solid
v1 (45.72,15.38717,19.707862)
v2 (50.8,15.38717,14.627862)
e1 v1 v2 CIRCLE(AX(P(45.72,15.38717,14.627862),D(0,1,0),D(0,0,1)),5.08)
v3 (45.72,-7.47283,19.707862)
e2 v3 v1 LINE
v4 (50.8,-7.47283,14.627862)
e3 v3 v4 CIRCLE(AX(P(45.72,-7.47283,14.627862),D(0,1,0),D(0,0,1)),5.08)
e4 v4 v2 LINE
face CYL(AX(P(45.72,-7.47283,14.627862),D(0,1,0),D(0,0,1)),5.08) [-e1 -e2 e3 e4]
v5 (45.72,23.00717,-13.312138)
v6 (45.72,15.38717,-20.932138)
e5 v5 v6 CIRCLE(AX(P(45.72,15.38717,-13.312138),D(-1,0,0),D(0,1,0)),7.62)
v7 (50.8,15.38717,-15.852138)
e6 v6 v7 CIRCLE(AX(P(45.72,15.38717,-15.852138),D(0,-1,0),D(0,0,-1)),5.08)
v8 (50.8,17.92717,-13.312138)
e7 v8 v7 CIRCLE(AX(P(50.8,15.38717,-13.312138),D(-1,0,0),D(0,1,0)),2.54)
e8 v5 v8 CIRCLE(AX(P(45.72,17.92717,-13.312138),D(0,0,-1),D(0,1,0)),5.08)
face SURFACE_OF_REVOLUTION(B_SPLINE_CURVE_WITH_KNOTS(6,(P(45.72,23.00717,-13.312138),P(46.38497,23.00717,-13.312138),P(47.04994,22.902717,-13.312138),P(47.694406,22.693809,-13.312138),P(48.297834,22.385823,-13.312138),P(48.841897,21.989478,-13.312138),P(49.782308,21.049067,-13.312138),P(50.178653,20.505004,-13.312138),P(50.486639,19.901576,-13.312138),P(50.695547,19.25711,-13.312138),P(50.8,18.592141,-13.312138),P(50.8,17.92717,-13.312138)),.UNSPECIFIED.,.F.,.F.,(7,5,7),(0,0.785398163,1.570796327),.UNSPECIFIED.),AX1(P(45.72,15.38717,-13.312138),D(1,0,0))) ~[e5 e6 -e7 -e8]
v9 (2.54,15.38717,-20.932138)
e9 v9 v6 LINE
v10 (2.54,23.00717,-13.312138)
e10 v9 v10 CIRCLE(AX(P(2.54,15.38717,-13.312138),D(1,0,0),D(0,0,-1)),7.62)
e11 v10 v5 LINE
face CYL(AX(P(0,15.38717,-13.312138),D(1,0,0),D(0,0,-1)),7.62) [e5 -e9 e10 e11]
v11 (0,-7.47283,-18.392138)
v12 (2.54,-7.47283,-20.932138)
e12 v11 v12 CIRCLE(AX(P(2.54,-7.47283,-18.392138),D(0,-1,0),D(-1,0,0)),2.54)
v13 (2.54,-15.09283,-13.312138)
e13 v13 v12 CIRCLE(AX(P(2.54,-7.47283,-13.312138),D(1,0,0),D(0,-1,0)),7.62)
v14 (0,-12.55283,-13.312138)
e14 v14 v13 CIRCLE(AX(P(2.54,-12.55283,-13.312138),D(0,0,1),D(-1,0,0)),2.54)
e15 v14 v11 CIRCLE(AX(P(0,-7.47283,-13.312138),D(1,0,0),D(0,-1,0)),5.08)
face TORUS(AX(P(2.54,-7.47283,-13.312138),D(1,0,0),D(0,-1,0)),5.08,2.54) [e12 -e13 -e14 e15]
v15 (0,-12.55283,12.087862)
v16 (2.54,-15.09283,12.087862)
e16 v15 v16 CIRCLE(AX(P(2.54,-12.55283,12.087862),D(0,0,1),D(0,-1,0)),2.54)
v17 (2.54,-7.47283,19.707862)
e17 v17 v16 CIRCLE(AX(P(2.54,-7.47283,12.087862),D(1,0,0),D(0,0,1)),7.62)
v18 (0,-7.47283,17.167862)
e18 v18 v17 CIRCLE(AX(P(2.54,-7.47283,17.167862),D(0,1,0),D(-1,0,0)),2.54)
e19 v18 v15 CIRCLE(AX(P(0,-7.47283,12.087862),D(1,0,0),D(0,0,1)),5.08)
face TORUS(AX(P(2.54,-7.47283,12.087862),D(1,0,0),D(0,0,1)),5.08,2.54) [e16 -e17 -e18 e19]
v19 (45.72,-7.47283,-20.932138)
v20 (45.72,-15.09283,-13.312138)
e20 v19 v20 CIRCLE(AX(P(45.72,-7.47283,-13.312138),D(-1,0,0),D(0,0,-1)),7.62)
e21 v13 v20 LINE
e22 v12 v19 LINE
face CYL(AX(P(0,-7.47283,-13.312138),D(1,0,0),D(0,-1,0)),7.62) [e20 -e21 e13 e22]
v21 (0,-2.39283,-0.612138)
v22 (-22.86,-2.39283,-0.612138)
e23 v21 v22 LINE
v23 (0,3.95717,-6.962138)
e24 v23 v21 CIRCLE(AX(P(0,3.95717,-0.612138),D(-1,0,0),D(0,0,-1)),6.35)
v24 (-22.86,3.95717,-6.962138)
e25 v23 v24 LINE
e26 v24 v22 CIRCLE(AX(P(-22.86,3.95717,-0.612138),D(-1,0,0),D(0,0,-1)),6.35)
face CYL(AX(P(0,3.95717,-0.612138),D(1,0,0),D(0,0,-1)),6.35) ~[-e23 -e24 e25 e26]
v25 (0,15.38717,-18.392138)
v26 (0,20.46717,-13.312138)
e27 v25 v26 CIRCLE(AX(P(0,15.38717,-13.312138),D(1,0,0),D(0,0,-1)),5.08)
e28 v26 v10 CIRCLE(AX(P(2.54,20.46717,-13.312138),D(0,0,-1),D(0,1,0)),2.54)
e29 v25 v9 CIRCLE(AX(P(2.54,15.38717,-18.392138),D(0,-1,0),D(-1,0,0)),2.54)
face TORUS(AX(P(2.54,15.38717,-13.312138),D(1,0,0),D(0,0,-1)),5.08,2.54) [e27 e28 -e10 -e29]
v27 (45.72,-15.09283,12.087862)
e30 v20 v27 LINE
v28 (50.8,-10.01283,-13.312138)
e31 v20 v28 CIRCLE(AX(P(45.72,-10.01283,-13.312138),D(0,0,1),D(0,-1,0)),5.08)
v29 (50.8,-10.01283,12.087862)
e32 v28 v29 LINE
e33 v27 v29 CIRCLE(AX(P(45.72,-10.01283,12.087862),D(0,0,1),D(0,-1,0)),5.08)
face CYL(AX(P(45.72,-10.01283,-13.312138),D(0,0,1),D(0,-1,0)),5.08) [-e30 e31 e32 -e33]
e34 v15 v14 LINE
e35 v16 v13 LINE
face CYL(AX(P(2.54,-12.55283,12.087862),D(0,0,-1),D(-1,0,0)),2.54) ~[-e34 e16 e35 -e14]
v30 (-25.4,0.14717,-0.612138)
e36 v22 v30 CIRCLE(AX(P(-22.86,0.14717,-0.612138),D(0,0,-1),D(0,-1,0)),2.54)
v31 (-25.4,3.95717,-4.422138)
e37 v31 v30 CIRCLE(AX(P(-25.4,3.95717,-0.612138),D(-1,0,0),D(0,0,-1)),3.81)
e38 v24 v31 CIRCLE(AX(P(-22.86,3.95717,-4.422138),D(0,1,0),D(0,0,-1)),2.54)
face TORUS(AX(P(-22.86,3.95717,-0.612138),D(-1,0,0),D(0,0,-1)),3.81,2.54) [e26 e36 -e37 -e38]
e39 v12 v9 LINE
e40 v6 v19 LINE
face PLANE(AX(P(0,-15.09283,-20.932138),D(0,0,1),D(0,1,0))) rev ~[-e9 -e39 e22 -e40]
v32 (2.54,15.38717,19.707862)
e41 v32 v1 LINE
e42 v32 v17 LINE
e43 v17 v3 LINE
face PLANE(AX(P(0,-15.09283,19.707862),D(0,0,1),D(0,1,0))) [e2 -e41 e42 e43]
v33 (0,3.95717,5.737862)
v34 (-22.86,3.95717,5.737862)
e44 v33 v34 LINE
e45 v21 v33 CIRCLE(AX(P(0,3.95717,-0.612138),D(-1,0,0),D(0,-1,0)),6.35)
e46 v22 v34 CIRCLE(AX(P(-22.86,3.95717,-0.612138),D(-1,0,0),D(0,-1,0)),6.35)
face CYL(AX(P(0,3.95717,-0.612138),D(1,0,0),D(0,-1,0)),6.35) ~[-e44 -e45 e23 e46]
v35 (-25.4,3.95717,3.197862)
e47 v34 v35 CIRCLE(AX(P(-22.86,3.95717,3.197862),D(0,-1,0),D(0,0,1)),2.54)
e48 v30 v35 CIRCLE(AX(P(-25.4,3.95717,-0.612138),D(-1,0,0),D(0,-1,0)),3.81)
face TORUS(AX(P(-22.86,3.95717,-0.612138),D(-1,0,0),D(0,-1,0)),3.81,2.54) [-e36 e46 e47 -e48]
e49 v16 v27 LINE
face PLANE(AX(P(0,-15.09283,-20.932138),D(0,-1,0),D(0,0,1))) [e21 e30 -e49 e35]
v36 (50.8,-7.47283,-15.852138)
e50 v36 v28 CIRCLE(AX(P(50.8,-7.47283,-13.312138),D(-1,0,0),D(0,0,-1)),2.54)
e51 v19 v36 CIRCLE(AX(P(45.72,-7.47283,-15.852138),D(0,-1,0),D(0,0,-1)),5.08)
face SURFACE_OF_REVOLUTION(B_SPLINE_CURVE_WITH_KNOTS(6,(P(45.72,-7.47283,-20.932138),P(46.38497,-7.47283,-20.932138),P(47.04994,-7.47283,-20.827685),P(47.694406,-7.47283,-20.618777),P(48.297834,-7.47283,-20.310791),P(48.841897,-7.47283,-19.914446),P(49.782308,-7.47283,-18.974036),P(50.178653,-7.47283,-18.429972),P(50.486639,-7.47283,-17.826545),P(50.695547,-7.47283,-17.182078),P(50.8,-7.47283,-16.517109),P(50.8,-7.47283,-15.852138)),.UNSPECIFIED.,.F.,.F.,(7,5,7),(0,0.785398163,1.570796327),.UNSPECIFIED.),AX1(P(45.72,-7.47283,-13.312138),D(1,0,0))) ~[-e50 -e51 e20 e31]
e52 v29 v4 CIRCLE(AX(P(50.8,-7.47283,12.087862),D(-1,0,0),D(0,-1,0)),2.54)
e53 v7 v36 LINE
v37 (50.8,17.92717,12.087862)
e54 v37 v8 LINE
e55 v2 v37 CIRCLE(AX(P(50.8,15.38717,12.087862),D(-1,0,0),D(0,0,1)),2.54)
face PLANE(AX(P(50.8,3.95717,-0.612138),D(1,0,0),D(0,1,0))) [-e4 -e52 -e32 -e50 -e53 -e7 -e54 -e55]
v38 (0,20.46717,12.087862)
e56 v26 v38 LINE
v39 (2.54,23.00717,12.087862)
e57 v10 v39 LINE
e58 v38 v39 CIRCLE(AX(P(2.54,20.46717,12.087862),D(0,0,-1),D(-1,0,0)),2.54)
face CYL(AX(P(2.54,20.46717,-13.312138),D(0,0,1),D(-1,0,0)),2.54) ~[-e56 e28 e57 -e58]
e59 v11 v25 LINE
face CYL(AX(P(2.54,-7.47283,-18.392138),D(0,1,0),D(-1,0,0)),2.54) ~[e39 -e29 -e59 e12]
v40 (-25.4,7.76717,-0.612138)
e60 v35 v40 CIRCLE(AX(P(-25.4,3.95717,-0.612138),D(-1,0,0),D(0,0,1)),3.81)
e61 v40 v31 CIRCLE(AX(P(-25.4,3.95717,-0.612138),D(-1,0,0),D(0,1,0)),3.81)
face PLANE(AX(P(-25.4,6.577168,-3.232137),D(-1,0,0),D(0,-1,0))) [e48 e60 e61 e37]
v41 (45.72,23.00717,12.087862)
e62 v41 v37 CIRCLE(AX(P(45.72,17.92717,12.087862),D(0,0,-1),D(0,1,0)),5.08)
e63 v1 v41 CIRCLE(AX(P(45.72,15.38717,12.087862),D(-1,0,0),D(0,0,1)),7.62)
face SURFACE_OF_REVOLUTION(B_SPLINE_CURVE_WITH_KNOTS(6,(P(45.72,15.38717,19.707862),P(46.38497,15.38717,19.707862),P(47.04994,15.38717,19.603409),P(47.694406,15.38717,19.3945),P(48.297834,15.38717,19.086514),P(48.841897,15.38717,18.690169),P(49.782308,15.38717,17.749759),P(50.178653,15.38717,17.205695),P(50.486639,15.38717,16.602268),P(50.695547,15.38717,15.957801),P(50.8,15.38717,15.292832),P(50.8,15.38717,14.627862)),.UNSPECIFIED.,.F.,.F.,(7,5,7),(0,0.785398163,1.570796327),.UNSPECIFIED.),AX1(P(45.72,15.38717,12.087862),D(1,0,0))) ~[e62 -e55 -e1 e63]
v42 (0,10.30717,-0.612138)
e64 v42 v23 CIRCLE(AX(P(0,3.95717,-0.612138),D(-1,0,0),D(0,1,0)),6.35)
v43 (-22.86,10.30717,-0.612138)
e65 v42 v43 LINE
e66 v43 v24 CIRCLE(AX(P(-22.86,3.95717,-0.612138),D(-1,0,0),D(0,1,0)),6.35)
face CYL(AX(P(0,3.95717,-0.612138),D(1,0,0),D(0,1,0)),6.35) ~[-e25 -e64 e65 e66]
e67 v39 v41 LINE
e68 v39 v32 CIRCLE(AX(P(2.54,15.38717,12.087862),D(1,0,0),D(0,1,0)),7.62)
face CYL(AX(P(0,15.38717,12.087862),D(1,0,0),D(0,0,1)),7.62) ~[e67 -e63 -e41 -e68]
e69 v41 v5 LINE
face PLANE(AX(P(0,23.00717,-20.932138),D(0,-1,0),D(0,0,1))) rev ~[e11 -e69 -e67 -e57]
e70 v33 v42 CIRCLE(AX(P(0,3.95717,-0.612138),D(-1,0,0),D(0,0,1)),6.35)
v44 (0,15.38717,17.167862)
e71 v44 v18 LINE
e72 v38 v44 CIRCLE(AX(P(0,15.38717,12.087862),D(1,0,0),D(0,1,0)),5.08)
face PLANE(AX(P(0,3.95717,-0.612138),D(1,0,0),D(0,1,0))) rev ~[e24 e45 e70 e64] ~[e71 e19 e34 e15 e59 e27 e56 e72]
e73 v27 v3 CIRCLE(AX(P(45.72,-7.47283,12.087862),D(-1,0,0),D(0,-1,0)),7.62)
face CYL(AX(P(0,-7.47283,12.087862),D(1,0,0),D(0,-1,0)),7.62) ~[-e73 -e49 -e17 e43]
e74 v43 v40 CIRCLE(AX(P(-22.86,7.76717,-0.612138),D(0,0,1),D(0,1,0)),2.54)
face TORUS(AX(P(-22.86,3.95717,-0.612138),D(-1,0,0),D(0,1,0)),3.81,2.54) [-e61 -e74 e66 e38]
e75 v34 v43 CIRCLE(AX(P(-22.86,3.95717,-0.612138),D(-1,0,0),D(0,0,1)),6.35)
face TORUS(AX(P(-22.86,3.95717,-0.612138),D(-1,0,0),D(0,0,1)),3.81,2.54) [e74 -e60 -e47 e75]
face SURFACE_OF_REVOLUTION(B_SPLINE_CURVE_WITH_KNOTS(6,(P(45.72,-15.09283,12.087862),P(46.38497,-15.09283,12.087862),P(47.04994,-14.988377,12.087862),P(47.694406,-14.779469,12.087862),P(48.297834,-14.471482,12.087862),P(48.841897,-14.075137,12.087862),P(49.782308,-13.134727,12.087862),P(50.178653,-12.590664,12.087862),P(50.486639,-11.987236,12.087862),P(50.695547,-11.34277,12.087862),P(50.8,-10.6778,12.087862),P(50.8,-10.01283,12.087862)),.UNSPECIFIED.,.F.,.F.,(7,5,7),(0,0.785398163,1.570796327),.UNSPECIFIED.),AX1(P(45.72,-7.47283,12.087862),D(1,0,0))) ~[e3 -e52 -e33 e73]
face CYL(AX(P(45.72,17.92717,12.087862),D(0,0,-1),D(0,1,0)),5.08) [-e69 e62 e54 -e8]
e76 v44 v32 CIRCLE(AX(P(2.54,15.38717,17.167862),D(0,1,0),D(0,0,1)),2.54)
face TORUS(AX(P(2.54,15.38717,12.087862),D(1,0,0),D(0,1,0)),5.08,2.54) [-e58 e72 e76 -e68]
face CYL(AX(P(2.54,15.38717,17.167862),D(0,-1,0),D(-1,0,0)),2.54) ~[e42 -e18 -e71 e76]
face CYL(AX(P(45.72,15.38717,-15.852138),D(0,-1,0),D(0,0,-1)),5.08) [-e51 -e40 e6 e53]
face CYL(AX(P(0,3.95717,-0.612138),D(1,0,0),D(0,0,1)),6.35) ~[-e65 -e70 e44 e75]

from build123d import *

# Parameters (mm, degrees)
F0_W     = 38.1
F0_H     = 40.64
F1_DEPTH = 50.8
F3_DEPTH = 25.4
F4_R     = 7.62
F5_R     = 2.54
F6_R     = 2.54
F7_R     = 5.08


with BuildPart() as f1:
    # F0 (on Right) → F1 (new body)
    with BuildSketch(Plane.YZ):
        with Locations((3.9571700618, -0.6121383074)):
            Rectangle(F0_W, F0_H)
    extrude(amount=F1_DEPTH)

    # F2 (on face) → F3 (join)
    with BuildSketch(Plane(origin=(0, 0, 0), x_dir=(0, -1, 0), z_dir=(-1, 0, 0))):
        with BuildLine():
            Line((-3.9571700618, -6.9621383074), (-3.9571700618, -0.6121383074))
            Line((-3.9571700618, -0.6121383074), (-10.3071700618, -0.6121383074))
            ThreePointArc((-10.3071700618, -0.6121383074), (-8.4472981223, -5.1022663679), (-3.9571700618, -6.9621383074))
        make_face()
        with BuildLine():
            ThreePointArc((-3.9571700618, -6.9621383074), (0.5329579988, -5.1022663679), (2.3928299382, -0.6121383074))
            Line((2.3928299382, -0.6121383074), (-3.9571700618, -0.6121383074))
            Line((-3.9571700618, -0.6121383074), (-3.9571700618, -6.9621383074))
        make_face()
        with BuildLine():
            Line((-10.3071700618, -0.6121383074), (-3.9571700618, -0.6121383074))
            Line((-3.9571700618, -0.6121383074), (-3.9571700618, 5.7378616926))
            ThreePointArc((-3.9571700618, 5.7378616926), (-8.4472981223, 3.8779897531), (-10.3071700618, -0.6121383074))
        make_face()
        with BuildLine():
            Line((-3.9571700618, -0.6121383074), (2.3928299382, -0.6121383074))
            ThreePointArc((2.3928299382, -0.6121383074), (0.5329579988, 3.8779897531), (-3.9571700618, 5.7378616926))
            Line((-3.9571700618, 5.7378616926), (-3.9571700618, -0.6121383074))
        make_face()
    extrude(amount=F3_DEPTH)

    # F4
    f4_edges = [f1.edges().sort_by_distance(p)[0] for p in [
        (25.4, 23.00717, -20.932138),
        (25.4, -15.09283, -20.932138),
        (25.4, -15.09283, 19.707862),
        (25.4, 23.00717, 19.707862),
    ]]
    fillet(f4_edges, radius=F4_R)

    # F5
    f5_edges = [f1.edges().sort_by_distance(p)[0] for p in [
        (0, 3.95717, -20.932138),
    ]]
    fillet(f5_edges, radius=F5_R)

    # F6
    f6_edges = [f1.edges().sort_by_distance(p)[0] for p in [
        (-25.4, 10.30717, -0.612138),
    ]]
    fillet(f6_edges, radius=F6_R)

    # F7
    f7_edges = [f1.edges().sort_by_distance(p)[0] for p in [
        (50.8, 3.95717, 19.707862),
        (50.8, -12.860984, 17.476015),
        (50.8, -15.09283, -0.612138),
        (50.8, -12.860984, -18.700292),
        (50.8, 3.95717, -20.932138),
        (50.8, 23.00717, -0.612138),
        (50.8, 20.775324, 17.476015),
        (50.8, 20.775324, -18.700292),
    ]]
    fillet(f7_edges, radius=F7_R)


solid = f1.part
